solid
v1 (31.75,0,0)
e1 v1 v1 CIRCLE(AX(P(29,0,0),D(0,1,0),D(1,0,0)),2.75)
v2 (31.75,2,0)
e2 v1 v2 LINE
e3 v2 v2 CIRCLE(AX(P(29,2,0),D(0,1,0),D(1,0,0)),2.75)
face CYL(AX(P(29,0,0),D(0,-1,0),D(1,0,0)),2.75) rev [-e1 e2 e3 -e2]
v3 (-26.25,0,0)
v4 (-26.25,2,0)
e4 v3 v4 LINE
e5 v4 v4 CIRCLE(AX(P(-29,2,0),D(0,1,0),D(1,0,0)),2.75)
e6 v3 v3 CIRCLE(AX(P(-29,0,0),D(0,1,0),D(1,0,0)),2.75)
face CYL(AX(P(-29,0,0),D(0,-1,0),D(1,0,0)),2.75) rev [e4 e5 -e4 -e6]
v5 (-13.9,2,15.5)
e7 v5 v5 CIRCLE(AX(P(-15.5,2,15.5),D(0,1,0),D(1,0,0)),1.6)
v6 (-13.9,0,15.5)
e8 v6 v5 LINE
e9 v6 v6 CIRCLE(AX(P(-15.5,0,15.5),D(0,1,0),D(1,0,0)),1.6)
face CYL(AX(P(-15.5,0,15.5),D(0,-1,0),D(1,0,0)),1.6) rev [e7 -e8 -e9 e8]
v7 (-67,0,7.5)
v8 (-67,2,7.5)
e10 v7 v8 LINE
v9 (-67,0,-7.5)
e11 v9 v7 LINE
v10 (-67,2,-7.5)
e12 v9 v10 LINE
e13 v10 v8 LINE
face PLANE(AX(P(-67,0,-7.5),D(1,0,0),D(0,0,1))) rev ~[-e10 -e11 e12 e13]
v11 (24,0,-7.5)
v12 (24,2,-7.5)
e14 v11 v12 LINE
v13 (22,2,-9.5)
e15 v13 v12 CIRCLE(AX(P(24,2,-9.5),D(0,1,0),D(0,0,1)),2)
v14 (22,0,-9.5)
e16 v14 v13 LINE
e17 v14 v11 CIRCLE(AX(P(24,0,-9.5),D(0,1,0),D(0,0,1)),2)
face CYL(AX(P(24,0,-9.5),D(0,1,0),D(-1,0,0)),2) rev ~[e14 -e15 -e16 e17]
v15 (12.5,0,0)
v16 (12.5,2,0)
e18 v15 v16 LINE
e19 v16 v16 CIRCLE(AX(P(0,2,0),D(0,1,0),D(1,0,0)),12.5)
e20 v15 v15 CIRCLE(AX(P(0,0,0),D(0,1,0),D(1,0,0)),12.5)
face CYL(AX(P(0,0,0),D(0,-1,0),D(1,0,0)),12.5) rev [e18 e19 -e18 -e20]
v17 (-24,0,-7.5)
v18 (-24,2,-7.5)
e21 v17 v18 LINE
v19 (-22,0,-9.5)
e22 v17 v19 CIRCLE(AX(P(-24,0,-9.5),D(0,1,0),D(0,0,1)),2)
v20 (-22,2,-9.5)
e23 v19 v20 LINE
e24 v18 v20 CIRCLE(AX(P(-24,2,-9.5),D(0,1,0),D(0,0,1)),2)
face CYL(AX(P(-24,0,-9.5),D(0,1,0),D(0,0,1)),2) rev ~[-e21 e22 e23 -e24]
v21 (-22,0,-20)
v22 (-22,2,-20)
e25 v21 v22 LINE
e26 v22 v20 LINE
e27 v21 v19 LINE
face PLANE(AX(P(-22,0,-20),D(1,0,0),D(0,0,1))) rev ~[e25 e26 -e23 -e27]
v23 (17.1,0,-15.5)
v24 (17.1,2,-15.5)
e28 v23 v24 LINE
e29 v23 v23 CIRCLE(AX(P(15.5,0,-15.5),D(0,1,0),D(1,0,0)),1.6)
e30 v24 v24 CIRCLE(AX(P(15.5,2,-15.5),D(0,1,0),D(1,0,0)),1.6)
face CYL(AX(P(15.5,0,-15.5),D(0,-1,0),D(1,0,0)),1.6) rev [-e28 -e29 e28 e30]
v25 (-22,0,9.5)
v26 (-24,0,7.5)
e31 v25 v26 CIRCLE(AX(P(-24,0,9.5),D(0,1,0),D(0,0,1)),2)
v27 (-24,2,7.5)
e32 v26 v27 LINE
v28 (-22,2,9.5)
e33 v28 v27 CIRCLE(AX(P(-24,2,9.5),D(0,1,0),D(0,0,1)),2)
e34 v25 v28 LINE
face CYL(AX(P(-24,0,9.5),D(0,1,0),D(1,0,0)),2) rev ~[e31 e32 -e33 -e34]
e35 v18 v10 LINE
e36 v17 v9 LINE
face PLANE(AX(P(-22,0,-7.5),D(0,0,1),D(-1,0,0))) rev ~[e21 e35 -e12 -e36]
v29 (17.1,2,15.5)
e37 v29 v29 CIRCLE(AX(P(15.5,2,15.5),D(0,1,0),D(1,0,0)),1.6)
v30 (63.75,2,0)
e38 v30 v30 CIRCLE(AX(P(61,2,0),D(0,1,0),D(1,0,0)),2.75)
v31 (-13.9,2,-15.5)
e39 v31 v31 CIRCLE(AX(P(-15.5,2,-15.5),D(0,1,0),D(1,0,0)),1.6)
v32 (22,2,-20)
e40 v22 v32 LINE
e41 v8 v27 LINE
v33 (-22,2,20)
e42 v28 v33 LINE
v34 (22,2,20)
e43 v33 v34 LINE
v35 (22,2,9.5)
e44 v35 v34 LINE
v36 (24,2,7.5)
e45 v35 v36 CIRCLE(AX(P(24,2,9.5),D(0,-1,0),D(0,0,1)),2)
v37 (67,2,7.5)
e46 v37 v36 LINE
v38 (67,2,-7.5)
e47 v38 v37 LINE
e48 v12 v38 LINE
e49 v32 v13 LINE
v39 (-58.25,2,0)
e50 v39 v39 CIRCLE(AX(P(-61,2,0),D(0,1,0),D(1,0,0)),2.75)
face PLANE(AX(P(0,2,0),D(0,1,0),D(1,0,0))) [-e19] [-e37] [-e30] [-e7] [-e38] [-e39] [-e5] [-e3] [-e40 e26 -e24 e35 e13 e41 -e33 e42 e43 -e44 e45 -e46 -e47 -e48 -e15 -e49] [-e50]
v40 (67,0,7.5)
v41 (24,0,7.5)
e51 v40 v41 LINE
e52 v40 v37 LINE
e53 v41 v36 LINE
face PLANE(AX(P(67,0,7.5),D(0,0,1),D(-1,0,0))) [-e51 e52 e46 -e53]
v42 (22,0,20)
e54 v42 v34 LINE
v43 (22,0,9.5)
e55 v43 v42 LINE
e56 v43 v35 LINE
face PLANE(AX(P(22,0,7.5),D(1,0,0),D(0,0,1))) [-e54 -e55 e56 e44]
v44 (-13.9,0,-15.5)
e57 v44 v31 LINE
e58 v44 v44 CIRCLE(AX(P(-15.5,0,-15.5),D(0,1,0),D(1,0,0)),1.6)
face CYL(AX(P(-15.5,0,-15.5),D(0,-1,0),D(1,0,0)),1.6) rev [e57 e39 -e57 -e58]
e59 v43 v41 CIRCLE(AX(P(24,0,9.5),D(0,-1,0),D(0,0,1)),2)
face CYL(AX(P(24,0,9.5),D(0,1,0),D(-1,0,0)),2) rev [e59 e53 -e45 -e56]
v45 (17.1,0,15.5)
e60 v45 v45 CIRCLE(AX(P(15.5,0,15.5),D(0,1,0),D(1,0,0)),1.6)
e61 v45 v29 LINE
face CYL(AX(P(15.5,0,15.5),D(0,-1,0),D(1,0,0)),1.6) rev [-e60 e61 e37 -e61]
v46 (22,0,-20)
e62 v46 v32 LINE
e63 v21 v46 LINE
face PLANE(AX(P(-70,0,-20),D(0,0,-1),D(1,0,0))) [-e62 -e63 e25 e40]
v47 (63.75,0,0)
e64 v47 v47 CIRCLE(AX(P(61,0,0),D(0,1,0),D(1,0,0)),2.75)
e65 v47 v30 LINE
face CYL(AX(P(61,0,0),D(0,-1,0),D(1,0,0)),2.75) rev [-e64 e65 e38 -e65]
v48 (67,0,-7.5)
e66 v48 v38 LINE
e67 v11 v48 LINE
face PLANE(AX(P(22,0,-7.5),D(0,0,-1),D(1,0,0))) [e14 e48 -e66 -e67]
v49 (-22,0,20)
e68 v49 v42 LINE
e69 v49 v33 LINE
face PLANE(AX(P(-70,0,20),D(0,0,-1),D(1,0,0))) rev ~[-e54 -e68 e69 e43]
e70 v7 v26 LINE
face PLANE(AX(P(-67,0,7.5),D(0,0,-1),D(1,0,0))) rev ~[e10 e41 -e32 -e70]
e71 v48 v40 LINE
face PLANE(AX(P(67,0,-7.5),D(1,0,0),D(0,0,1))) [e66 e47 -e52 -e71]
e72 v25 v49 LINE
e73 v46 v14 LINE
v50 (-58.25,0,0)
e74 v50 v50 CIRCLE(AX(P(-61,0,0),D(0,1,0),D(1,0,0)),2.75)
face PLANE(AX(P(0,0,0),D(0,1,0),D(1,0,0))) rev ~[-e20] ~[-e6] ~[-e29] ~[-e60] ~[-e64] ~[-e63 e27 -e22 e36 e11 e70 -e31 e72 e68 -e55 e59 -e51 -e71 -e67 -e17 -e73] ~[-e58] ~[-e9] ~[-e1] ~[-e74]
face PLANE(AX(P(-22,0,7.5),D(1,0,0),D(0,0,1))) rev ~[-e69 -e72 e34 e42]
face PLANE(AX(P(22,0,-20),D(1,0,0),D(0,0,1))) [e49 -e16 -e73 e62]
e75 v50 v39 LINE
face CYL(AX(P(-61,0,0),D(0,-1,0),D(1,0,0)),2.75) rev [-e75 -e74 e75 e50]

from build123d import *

# Parameters (mm, degrees)
ESQUISSE1_W             = 140
ESQUISSE1_H             = 40
ESQUISSE1_R             = 2.75
ESQUISSE1_R_2           = 1.6
ESQUISSE1_R_3           = 12.5
BOSS_EXTRU_1_DEPTH      = 2
ENL_V_MAT_EXTRU_1_REACH = 4
CONG_1_R                = 2


with BuildPart() as part:
    # Esquisse1 → Boss.-Extru.1 (new body)
    with BuildSketch(Plane(origin=(0, 0, 0), x_dir=(1, 0, 0), z_dir=(0, 1, 0))):
        Rectangle(ESQUISSE1_W, ESQUISSE1_H)
        with Locations((-61, 0)):
            Circle(ESQUISSE1_R, mode=Mode.SUBTRACT)
        with Locations((-29, 0)):
            Circle(ESQUISSE1_R, mode=Mode.SUBTRACT)
        with Locations((29, 0)):
            Circle(ESQUISSE1_R, mode=Mode.SUBTRACT)
        with Locations((61, 0)):
            Circle(ESQUISSE1_R, mode=Mode.SUBTRACT)
        with Locations((-15.5, 15.5)):
            Circle(ESQUISSE1_R_2, mode=Mode.SUBTRACT)
        with Locations((15.5, 15.5)):
            Circle(ESQUISSE1_R_2, mode=Mode.SUBTRACT)
        with Locations((15.5, -15.5)):
            Circle(ESQUISSE1_R_2, mode=Mode.SUBTRACT)
        with Locations((-15.5, -15.5)):
            Circle(ESQUISSE1_R_2, mode=Mode.SUBTRACT)
        Circle(ESQUISSE1_R_3, mode=Mode.SUBTRACT)
    extrude(amount=BOSS_EXTRU_1_DEPTH)

    # Esquisse2 → Enlèv. mat.-Extru.1 (cut, up to next)
    with BuildSketch(Plane.XZ, mode=Mode.PRIVATE) as enl_v_mat_extru_1_sk1:
        Polygon((22, -20), (22, -7.5), (67, -7.5), (67, 7.5), (22, 7.5), (22, 20), (70, 20), (70, -20), align=None)
    enl_v_mat_extru_1_tool1 = extrude(enl_v_mat_extru_1_sk1.sketch, amount=-ENL_V_MAT_EXTRU_1_REACH, mode=Mode.PRIVATE) & part.part
    add(enl_v_mat_extru_1_tool1.solids().sort_by_distance((22.62482, 0, -13.75))[0], mode=Mode.SUBTRACT)
    # Esquisse2 → Enlèv. mat.-Extru.1 (cut, up to next)
    with BuildSketch(Plane.XZ, mode=Mode.PRIVATE) as enl_v_mat_extru_1_sk2:
        Polygon((-70, 20), (-70, -20), (-22, -20), (-22, -7.5), (-67, -7.5), (-67, 7.5), (-22, 7.5), (-22, 20), align=None)
    enl_v_mat_extru_1_tool2 = extrude(enl_v_mat_extru_1_sk2.sketch, amount=-ENL_V_MAT_EXTRU_1_REACH, mode=Mode.PRIVATE) & part.part
    add(enl_v_mat_extru_1_tool2.solids().sort_by_distance((-69.37518, 0, 0))[0], mode=Mode.SUBTRACT)

    # Congé1
    cong_1_edges = [part.edges().sort_by_distance(p)[0] for p in [
        (22, 1, -7.5),
        (22, 1, 7.5),
        (-22, 1, 7.5),
        (-22, 1, -7.5),
    ]]
    fillet(cong_1_edges, radius=CONG_1_R)


solid = part.part
